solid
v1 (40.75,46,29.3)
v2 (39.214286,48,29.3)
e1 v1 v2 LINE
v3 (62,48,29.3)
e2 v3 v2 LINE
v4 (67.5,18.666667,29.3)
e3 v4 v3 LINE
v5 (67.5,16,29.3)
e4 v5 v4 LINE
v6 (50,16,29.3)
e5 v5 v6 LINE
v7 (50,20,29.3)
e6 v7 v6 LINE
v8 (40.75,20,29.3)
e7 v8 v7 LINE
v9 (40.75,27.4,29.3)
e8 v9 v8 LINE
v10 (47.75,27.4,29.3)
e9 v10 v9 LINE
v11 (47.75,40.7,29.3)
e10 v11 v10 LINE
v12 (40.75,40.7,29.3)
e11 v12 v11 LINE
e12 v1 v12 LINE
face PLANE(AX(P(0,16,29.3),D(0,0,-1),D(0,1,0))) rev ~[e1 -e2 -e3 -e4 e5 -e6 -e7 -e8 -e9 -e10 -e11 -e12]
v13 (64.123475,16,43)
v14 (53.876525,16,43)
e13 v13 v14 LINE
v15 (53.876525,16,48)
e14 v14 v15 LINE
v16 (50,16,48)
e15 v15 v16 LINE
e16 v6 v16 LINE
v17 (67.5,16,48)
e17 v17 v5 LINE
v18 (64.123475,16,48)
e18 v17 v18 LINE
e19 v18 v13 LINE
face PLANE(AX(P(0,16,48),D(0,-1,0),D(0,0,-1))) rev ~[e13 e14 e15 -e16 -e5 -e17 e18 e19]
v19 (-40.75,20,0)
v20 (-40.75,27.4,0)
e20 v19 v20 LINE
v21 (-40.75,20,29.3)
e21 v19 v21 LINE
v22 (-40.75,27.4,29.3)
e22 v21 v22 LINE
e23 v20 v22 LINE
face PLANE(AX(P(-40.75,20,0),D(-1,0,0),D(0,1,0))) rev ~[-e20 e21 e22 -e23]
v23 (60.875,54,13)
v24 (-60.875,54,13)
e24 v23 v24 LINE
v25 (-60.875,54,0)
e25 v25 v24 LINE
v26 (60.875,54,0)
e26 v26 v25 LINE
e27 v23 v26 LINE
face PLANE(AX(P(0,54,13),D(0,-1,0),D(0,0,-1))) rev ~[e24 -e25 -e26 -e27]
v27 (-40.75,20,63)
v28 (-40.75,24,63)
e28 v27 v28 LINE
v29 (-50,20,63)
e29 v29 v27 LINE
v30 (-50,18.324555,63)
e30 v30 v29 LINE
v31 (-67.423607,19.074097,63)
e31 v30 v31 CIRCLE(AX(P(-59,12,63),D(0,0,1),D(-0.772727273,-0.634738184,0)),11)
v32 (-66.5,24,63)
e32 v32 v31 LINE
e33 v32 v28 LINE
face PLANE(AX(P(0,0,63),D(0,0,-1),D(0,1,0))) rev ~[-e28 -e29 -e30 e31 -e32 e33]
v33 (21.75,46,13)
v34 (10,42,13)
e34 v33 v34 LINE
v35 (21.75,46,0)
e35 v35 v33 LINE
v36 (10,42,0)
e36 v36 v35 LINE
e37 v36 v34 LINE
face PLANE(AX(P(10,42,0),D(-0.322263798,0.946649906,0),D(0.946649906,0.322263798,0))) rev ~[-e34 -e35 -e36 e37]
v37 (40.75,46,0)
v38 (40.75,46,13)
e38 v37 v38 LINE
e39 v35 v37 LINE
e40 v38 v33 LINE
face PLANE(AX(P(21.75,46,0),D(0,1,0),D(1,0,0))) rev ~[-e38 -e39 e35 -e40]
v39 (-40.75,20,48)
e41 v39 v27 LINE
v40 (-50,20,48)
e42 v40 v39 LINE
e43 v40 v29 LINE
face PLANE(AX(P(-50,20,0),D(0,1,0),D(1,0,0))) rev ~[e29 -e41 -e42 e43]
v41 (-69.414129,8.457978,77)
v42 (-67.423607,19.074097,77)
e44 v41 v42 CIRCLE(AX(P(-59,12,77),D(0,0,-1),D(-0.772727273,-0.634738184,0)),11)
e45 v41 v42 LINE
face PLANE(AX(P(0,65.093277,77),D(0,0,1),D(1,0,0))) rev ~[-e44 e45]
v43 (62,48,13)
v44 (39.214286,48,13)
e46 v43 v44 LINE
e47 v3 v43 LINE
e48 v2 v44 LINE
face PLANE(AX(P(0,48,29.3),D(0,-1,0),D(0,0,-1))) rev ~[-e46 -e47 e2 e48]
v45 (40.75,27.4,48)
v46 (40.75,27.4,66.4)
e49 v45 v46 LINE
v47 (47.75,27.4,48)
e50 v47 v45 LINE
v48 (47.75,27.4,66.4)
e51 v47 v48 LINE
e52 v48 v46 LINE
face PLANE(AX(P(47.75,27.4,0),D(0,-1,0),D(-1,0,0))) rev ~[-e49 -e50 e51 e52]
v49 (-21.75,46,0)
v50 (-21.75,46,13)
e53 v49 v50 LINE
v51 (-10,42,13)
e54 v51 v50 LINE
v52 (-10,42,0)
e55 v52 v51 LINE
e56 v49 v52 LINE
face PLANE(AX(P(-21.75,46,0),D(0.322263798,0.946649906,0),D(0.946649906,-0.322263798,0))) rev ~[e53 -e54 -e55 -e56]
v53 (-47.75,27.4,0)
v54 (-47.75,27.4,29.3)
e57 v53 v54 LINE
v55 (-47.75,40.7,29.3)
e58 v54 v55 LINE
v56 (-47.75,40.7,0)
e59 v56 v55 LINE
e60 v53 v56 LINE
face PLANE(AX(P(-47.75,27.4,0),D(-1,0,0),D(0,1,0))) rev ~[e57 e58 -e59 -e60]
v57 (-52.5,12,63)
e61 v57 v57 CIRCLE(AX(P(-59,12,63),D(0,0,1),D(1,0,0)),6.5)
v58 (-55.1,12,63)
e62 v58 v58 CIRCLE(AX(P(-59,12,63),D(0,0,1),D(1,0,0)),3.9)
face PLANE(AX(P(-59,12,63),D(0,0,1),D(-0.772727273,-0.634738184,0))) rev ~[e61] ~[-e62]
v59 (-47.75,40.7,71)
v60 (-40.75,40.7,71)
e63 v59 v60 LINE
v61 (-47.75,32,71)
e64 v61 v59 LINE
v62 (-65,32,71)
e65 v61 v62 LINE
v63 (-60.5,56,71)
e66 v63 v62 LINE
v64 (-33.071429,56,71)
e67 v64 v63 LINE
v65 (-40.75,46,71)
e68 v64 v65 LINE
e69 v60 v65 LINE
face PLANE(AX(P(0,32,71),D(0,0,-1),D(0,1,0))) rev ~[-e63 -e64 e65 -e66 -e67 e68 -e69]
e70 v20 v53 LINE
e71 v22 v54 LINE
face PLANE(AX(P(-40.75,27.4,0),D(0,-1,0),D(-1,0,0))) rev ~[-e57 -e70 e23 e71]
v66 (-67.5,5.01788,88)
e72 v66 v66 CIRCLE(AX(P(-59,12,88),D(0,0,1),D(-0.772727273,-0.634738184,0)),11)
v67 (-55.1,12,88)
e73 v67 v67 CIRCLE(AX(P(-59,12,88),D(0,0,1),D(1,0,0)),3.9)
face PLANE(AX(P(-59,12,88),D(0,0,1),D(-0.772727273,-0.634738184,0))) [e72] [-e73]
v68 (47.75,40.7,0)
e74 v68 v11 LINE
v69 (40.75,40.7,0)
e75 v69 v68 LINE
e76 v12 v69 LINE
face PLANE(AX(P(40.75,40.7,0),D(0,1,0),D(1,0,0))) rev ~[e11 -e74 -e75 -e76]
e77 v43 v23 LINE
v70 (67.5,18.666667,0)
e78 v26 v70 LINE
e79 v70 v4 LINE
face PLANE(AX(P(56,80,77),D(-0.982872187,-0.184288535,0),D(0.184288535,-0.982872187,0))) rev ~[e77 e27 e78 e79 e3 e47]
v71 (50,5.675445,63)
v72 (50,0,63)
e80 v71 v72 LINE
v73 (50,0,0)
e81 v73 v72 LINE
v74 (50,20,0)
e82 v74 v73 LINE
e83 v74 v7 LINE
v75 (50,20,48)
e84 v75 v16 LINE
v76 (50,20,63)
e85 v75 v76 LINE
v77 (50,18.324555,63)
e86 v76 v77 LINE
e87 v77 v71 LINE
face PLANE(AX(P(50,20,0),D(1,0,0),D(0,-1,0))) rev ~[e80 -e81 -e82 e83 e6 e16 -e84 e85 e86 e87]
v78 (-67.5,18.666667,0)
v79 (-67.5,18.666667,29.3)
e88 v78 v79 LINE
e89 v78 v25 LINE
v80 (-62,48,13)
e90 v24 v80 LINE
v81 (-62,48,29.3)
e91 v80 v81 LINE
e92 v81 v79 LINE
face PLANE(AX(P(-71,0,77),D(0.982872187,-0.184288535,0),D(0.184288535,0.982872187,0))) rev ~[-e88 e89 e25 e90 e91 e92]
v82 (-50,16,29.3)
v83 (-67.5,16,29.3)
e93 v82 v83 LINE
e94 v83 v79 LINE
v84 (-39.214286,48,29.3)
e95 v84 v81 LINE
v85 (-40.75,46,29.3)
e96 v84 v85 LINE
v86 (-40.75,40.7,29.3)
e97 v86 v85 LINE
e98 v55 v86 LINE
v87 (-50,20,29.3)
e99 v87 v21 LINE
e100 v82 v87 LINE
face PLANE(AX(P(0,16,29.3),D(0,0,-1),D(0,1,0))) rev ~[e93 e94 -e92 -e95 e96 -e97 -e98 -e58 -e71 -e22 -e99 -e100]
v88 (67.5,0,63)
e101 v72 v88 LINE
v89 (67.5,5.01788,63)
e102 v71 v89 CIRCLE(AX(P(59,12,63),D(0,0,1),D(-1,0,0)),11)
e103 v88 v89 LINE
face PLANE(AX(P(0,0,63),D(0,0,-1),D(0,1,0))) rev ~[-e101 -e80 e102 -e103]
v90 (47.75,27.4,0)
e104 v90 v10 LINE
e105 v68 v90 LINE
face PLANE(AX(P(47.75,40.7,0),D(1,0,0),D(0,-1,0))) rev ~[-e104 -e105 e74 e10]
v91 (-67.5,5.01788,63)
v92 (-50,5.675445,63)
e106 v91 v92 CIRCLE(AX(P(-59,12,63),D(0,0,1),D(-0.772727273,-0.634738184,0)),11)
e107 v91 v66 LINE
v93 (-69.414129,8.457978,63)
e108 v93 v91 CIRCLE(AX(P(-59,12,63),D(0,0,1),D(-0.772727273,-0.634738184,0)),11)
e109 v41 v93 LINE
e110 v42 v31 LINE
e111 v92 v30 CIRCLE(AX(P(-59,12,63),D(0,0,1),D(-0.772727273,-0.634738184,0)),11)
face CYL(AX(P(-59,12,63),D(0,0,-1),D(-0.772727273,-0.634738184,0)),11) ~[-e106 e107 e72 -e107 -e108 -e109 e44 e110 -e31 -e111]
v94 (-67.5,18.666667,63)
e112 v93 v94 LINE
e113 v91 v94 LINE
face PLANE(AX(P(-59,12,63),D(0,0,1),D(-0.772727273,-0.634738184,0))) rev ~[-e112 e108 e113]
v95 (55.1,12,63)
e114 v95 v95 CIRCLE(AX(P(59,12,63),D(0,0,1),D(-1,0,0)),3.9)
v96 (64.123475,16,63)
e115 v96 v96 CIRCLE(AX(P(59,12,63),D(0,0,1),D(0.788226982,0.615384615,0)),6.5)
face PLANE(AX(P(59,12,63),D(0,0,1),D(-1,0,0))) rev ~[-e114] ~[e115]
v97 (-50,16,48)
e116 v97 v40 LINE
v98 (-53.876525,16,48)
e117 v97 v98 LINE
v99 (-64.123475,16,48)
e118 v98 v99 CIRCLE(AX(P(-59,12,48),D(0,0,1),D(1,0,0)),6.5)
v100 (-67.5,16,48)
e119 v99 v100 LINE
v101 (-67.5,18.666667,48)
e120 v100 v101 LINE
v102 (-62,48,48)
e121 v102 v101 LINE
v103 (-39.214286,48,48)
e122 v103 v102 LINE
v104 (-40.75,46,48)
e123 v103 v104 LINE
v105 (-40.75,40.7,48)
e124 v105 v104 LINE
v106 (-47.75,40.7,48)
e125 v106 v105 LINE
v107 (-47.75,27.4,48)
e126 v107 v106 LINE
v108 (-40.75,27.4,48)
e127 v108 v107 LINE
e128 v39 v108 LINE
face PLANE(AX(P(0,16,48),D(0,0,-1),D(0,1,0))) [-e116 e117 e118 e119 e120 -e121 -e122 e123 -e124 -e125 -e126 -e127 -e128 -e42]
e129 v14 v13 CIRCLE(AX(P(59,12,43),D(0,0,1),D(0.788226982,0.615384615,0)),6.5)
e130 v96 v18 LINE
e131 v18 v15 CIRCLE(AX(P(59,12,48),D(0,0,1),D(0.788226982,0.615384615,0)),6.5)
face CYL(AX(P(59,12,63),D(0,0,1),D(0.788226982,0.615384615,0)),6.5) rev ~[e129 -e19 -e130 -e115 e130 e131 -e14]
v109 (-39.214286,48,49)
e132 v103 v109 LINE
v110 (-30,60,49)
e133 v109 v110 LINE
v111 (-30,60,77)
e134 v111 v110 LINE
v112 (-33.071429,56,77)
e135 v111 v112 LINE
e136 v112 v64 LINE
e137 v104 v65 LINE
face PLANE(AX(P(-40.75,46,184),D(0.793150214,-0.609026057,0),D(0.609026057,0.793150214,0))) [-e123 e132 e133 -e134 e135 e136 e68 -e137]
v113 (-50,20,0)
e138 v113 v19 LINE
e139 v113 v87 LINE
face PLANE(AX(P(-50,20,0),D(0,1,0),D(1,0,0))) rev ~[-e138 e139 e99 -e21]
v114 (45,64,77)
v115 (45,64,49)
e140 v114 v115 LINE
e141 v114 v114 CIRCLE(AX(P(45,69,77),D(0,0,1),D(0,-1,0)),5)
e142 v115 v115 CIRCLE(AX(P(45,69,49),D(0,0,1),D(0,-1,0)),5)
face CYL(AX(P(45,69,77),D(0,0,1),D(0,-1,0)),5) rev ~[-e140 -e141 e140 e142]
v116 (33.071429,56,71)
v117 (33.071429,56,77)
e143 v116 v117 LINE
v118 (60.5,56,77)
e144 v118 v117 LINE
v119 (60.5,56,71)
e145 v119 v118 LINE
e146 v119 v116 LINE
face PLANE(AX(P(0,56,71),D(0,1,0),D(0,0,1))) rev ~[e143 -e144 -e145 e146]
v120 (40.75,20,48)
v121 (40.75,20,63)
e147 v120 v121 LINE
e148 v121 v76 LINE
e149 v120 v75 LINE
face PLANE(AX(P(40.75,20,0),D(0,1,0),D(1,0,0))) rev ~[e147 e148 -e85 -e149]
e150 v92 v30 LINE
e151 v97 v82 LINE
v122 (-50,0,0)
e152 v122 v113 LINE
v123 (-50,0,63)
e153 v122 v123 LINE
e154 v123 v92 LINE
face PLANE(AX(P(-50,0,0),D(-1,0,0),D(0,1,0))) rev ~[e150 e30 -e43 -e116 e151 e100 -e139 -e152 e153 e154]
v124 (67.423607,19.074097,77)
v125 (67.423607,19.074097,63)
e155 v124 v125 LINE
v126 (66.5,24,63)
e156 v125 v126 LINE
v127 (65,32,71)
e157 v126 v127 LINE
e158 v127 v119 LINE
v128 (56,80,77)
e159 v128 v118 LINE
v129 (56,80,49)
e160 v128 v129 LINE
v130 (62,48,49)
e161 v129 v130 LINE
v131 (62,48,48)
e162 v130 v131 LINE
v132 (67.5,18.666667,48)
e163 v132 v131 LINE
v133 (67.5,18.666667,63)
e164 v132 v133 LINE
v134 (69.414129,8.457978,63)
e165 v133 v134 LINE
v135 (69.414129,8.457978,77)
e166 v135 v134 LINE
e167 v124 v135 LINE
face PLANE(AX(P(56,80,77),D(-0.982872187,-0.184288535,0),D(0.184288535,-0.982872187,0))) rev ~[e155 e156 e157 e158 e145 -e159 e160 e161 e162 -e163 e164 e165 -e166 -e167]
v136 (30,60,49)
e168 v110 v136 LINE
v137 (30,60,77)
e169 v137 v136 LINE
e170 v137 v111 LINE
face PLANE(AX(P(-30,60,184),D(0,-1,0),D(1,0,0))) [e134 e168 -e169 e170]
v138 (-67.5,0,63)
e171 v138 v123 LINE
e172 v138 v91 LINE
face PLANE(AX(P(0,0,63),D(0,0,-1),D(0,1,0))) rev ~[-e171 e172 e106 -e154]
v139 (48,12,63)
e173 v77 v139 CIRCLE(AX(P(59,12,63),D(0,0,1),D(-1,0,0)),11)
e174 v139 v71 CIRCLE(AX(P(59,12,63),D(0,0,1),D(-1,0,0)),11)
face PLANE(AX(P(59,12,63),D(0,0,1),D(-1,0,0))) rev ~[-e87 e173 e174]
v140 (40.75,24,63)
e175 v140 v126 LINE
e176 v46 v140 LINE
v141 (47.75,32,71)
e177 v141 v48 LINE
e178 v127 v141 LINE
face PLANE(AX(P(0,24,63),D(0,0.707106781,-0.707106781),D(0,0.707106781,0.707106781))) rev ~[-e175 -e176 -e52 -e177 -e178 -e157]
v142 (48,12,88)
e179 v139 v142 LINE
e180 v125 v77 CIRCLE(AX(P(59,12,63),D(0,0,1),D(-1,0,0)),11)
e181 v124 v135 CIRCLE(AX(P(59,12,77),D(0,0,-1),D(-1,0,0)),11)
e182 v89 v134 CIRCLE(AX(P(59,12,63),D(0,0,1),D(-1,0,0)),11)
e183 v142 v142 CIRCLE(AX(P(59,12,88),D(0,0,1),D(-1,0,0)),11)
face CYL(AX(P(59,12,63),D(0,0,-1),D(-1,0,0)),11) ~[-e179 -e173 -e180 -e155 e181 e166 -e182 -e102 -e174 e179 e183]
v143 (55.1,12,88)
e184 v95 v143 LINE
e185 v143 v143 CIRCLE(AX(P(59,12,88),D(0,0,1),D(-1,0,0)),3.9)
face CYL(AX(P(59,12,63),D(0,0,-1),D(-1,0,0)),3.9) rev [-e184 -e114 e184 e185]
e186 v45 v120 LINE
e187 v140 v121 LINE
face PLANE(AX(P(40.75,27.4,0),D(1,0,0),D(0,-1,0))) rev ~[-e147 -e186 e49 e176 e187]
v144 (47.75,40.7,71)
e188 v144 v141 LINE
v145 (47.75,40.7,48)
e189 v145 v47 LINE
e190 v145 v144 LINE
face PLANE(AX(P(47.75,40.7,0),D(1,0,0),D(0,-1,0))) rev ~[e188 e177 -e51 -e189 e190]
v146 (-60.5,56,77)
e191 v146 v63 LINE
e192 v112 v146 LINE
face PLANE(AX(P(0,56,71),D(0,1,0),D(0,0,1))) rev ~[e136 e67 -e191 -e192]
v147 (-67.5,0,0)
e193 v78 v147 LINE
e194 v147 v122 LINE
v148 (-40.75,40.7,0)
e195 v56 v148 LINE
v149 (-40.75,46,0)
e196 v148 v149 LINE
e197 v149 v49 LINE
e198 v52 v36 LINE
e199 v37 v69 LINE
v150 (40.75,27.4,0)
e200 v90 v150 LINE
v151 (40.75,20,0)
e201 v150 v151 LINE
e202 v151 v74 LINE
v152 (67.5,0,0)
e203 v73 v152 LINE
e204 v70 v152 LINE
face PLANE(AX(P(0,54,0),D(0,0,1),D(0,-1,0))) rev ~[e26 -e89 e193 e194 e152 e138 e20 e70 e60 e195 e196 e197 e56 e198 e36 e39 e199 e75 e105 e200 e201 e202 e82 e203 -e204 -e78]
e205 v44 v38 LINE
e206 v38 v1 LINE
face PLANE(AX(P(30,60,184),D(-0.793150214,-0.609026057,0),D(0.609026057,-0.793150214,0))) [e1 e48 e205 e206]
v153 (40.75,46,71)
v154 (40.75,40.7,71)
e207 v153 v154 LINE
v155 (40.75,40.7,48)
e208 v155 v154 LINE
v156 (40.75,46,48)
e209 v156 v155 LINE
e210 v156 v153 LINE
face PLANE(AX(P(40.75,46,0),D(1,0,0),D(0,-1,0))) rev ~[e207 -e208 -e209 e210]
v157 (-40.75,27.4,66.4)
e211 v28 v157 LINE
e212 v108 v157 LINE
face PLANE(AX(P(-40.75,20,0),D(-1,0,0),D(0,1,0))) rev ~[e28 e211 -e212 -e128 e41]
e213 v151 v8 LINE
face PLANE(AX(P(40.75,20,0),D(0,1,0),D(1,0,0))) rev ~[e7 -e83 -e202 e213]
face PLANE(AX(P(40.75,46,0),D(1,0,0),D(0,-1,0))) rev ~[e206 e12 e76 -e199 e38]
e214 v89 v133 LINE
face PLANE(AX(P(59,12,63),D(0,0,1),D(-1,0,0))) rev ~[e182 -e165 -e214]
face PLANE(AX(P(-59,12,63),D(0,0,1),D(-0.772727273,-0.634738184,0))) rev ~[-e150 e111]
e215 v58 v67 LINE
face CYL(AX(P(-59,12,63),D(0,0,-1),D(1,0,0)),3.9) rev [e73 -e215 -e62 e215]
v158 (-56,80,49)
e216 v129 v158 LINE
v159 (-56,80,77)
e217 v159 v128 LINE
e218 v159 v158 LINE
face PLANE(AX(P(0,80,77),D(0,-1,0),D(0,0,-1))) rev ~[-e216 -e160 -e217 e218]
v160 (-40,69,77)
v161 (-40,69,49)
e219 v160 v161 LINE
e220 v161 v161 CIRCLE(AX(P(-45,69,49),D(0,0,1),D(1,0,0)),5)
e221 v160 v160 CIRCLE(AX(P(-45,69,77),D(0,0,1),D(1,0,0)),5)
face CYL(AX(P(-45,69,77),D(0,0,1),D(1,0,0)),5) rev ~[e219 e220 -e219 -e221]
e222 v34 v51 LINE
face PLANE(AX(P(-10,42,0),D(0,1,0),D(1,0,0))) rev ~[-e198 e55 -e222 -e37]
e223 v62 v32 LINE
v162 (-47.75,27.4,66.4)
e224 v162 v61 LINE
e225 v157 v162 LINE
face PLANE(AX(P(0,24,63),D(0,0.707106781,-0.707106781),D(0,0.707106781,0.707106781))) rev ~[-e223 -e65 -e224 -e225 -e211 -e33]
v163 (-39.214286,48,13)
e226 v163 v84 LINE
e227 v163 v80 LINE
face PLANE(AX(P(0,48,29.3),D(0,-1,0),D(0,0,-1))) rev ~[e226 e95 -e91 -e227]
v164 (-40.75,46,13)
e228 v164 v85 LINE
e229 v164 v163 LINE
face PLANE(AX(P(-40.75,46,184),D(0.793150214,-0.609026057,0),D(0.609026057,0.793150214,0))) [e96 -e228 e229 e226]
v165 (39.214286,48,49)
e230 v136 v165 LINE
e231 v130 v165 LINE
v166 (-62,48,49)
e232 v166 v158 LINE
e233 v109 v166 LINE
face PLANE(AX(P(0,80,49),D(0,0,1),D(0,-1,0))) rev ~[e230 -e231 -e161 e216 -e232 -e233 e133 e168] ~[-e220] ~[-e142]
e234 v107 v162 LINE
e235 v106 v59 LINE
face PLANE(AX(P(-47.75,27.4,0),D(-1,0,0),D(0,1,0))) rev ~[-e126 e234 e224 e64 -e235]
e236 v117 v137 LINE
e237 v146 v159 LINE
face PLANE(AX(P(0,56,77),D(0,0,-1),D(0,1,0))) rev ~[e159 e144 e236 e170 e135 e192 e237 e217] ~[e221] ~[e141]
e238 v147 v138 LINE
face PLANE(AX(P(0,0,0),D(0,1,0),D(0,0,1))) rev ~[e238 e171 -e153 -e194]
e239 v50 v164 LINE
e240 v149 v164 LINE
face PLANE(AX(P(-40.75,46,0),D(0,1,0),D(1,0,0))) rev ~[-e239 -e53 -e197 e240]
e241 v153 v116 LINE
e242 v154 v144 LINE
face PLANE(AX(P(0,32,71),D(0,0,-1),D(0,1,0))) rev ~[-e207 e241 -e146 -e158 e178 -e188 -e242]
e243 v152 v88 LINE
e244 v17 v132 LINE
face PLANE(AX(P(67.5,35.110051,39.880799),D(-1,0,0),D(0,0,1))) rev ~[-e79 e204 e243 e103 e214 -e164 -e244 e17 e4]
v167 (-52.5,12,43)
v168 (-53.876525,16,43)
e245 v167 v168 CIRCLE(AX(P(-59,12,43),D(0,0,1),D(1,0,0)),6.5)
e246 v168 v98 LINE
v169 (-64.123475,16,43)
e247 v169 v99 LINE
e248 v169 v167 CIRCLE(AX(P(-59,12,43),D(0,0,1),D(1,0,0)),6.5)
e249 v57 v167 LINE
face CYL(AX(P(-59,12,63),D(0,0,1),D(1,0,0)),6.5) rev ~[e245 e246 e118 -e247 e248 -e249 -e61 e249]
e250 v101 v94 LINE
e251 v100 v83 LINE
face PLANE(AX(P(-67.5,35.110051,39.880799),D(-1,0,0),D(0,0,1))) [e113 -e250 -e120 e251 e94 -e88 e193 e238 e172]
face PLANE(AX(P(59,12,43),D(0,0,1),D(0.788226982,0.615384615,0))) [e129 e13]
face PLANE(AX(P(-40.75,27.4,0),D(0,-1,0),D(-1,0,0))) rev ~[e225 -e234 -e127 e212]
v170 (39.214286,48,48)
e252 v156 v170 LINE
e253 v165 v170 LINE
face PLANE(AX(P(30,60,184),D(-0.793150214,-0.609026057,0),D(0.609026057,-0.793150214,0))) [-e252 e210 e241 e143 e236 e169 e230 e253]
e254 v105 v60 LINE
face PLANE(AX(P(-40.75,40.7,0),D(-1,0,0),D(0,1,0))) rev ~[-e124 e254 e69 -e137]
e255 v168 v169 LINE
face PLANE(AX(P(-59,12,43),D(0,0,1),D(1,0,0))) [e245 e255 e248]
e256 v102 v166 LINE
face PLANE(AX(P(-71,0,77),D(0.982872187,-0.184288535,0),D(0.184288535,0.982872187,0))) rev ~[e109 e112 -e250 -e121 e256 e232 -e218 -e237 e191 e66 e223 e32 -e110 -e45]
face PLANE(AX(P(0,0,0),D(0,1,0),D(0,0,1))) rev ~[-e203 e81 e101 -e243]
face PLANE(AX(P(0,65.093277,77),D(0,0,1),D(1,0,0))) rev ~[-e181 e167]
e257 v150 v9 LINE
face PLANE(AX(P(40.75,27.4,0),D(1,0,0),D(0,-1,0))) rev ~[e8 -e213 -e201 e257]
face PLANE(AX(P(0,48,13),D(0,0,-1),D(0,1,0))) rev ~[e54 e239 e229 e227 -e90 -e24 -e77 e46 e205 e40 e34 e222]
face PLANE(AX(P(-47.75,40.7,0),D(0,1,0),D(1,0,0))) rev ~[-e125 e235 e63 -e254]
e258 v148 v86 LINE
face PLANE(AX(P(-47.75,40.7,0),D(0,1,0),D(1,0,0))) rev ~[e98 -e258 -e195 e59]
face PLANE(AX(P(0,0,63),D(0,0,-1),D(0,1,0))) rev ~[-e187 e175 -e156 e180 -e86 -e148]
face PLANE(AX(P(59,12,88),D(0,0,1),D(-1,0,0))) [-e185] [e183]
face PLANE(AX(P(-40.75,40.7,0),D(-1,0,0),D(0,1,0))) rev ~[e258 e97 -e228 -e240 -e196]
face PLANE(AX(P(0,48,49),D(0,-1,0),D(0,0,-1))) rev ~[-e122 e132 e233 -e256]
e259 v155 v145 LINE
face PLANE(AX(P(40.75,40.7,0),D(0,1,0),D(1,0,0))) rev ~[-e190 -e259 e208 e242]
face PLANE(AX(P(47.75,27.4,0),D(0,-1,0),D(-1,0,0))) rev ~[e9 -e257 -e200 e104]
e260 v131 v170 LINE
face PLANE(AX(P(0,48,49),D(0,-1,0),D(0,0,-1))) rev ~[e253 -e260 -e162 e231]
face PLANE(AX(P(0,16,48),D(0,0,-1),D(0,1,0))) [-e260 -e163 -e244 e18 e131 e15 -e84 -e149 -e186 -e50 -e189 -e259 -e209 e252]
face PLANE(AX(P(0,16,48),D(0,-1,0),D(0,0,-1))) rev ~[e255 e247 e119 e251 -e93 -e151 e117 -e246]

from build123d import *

# Parameters (mm, degrees)
SZKIC1_W                        = 1
SZKIC1_H                        = 32
DODANIE_WYCI_GNI_CIE1_DEPTH     = 67.5
WYTNIJ_WYCI_GNI_CIE1_DEPTH      = 94
WYTNIJ_WYCI_GNI_CIE2_DEPTH      = 36
WYTNIJ_WYCI_GNI_CIE2_DEPTH_BACK = 135
WYTNIJ_WYCI_GNI_CIE6_REACH      = 131.943
SZKIC6_R                        = 5
SZKIC7_R                        = 6.5
WYTNIJ_WYCI_GNI_CIE7_DEPTH      = 20
SZKIC8_R                        = 11
SZKIC8_R_2                      = 3.9
DODANIE_WYCI_GNI_CIE2_DEPTH     = 25
WYTNIJ_WYCI_GNI_CIE8_DEPTH      = 94


with BuildPart() as part:
    # Szkic1 → Dodanie-wyciągnięcie1 (new, symmetric)
    with BuildSketch(Plane(origin=(0, 0, 0), x_dir=(0, 0, -1), z_dir=(1, 0, 0))):
        Polygon((-63, 24), (-71, 32), (-71, 56), (-77, 56), (-77, 80), (-49, 80), (-49, 16), (-29.3, 16), (-29.3, 48), (-13, 48), (-13, 54), (0, 54), (0, 0), (-63, 0), align=None)
        with Locations((-48.5, 32)):
            Rectangle(SZKIC1_W, SZKIC1_H)
    extrude(amount=DODANIE_WYCI_GNI_CIE1_DEPTH, both=True)

    # Szkic2 → Wytnij-wyciągnięcie1 (cut)
    with BuildSketch(Plane(origin=(0, 0, 0), x_dir=(-1, 0, 0), z_dir=(0, 0, -1))):
        Polygon((50, 0), (50, 20), (40.75, 20), (40.75, 27.4), (47.75, 27.4), (47.75, 40.7), (40.75, 40.7), (40.75, 46), (21.75, 46), (10, 42), (-10, 42), (-21.75, 46), (-40.75, 46), (-40.75, 40.7), (-47.75, 40.7), (-47.75, 27.4), (-40.75, 27.4), (-40.75, 20), (-50, 20), (-50, 0), align=None)
    extrude(amount=-WYTNIJ_WYCI_GNI_CIE1_DEPTH, mode=Mode.SUBTRACT)

    # Szkic4 → Wytnij-wyciągnięcie2 (cut, two sides: drawn at the far end of the back side and taken through both)
    with BuildSketch(Plane(origin=(0, 0, 49), x_dir=(-1, 0, 0), z_dir=(0, 0, -1)).offset(-WYTNIJ_WYCI_GNI_CIE2_DEPTH_BACK)):
        Polygon((40.75, 40.7), (40.75, 46), (30, 60), (-30, 60), (-40.75, 46), (-40.75, 40.7), align=None)
    extrude(amount=WYTNIJ_WYCI_GNI_CIE2_DEPTH + WYTNIJ_WYCI_GNI_CIE2_DEPTH_BACK, mode=Mode.SUBTRACT)

    # Szkic6 → Wytnij-wyciągnięcie6 (cut, up to next)
    with BuildSketch(Plane.XY.offset(77), mode=Mode.PRIVATE) as wytnij_wyci_gni_cie6_sk1:
        with Locations((-45, 69)):
            Circle(SZKIC6_R)
    wytnij_wyci_gni_cie6_tool1 = extrude(wytnij_wyci_gni_cie6_sk1.sketch, amount=-WYTNIJ_WYCI_GNI_CIE6_REACH, mode=Mode.PRIVATE) & part.part
    # Szkic6 → Wytnij-wyciągnięcie6 (cut, up to next)
    with BuildSketch(Plane.XY.offset(77), mode=Mode.PRIVATE) as wytnij_wyci_gni_cie6_sk2:
        with Locations(Location((45, 69, 0), (0, 0, 270))):
            Circle(SZKIC6_R)
    wytnij_wyci_gni_cie6_tool2 = extrude(wytnij_wyci_gni_cie6_sk2.sketch, amount=-WYTNIJ_WYCI_GNI_CIE6_REACH, mode=Mode.PRIVATE) & part.part
    add(wytnij_wyci_gni_cie6_tool1.solids().sort_by_distance((-45, 69, 77))[0], mode=Mode.SUBTRACT)
    add(wytnij_wyci_gni_cie6_tool2.solids().sort_by_distance((45, 69, 77))[0], mode=Mode.SUBTRACT)

    # Szkic7 → Wytnij-wyciągnięcie7 (cut)
    with BuildSketch(Plane.XY.offset(63)):
        with Locations((-59, 12)):
            Circle(SZKIC7_R)
        with Locations(Location((59, 12, 0), (0, 0, 37.979872445))):
            Circle(SZKIC7_R)
    extrude(amount=-WYTNIJ_WYCI_GNI_CIE7_DEPTH, mode=Mode.SUBTRACT)

    # Szkic8 → Dodanie-wyciągnięcie2 (add)
    # profile 1 of 2: a face of its own
    with BuildSketch(Plane.XY.offset(63)):
        with Locations(Location((-59, 12, 0), (0, 0, 219.400568754))):
            Circle(SZKIC8_R)
        with Locations((-59, 12)):
            Circle(SZKIC8_R_2, mode=Mode.SUBTRACT)
    # profile 2 of 2: a face of its own
    with BuildSketch(Plane.XY.offset(63)):
        with Locations(Location((59, 12, 0), (0, 0, 180))):
            Circle(SZKIC8_R)
        with Locations(Location((59, 12, 0), (0, 0, 180))):
            Circle(SZKIC8_R_2, mode=Mode.SUBTRACT)
    extrude(amount=DODANIE_WYCI_GNI_CIE2_DEPTH)

    # Szkic9 → Wytnij-wyciągnięcie8 (cut)
    with BuildSketch(Plane.XY.offset(77)):
        Polygon((-71, 0), (-56, 80), (56, 80), (71, 0), (104.197926063, 0), (104.197926063, 108.650562656), (-104.197926063, 108.650562656), (-104.197926063, 0), align=None)
    extrude(amount=-WYTNIJ_WYCI_GNI_CIE8_DEPTH, mode=Mode.SUBTRACT)


solid = part.part
